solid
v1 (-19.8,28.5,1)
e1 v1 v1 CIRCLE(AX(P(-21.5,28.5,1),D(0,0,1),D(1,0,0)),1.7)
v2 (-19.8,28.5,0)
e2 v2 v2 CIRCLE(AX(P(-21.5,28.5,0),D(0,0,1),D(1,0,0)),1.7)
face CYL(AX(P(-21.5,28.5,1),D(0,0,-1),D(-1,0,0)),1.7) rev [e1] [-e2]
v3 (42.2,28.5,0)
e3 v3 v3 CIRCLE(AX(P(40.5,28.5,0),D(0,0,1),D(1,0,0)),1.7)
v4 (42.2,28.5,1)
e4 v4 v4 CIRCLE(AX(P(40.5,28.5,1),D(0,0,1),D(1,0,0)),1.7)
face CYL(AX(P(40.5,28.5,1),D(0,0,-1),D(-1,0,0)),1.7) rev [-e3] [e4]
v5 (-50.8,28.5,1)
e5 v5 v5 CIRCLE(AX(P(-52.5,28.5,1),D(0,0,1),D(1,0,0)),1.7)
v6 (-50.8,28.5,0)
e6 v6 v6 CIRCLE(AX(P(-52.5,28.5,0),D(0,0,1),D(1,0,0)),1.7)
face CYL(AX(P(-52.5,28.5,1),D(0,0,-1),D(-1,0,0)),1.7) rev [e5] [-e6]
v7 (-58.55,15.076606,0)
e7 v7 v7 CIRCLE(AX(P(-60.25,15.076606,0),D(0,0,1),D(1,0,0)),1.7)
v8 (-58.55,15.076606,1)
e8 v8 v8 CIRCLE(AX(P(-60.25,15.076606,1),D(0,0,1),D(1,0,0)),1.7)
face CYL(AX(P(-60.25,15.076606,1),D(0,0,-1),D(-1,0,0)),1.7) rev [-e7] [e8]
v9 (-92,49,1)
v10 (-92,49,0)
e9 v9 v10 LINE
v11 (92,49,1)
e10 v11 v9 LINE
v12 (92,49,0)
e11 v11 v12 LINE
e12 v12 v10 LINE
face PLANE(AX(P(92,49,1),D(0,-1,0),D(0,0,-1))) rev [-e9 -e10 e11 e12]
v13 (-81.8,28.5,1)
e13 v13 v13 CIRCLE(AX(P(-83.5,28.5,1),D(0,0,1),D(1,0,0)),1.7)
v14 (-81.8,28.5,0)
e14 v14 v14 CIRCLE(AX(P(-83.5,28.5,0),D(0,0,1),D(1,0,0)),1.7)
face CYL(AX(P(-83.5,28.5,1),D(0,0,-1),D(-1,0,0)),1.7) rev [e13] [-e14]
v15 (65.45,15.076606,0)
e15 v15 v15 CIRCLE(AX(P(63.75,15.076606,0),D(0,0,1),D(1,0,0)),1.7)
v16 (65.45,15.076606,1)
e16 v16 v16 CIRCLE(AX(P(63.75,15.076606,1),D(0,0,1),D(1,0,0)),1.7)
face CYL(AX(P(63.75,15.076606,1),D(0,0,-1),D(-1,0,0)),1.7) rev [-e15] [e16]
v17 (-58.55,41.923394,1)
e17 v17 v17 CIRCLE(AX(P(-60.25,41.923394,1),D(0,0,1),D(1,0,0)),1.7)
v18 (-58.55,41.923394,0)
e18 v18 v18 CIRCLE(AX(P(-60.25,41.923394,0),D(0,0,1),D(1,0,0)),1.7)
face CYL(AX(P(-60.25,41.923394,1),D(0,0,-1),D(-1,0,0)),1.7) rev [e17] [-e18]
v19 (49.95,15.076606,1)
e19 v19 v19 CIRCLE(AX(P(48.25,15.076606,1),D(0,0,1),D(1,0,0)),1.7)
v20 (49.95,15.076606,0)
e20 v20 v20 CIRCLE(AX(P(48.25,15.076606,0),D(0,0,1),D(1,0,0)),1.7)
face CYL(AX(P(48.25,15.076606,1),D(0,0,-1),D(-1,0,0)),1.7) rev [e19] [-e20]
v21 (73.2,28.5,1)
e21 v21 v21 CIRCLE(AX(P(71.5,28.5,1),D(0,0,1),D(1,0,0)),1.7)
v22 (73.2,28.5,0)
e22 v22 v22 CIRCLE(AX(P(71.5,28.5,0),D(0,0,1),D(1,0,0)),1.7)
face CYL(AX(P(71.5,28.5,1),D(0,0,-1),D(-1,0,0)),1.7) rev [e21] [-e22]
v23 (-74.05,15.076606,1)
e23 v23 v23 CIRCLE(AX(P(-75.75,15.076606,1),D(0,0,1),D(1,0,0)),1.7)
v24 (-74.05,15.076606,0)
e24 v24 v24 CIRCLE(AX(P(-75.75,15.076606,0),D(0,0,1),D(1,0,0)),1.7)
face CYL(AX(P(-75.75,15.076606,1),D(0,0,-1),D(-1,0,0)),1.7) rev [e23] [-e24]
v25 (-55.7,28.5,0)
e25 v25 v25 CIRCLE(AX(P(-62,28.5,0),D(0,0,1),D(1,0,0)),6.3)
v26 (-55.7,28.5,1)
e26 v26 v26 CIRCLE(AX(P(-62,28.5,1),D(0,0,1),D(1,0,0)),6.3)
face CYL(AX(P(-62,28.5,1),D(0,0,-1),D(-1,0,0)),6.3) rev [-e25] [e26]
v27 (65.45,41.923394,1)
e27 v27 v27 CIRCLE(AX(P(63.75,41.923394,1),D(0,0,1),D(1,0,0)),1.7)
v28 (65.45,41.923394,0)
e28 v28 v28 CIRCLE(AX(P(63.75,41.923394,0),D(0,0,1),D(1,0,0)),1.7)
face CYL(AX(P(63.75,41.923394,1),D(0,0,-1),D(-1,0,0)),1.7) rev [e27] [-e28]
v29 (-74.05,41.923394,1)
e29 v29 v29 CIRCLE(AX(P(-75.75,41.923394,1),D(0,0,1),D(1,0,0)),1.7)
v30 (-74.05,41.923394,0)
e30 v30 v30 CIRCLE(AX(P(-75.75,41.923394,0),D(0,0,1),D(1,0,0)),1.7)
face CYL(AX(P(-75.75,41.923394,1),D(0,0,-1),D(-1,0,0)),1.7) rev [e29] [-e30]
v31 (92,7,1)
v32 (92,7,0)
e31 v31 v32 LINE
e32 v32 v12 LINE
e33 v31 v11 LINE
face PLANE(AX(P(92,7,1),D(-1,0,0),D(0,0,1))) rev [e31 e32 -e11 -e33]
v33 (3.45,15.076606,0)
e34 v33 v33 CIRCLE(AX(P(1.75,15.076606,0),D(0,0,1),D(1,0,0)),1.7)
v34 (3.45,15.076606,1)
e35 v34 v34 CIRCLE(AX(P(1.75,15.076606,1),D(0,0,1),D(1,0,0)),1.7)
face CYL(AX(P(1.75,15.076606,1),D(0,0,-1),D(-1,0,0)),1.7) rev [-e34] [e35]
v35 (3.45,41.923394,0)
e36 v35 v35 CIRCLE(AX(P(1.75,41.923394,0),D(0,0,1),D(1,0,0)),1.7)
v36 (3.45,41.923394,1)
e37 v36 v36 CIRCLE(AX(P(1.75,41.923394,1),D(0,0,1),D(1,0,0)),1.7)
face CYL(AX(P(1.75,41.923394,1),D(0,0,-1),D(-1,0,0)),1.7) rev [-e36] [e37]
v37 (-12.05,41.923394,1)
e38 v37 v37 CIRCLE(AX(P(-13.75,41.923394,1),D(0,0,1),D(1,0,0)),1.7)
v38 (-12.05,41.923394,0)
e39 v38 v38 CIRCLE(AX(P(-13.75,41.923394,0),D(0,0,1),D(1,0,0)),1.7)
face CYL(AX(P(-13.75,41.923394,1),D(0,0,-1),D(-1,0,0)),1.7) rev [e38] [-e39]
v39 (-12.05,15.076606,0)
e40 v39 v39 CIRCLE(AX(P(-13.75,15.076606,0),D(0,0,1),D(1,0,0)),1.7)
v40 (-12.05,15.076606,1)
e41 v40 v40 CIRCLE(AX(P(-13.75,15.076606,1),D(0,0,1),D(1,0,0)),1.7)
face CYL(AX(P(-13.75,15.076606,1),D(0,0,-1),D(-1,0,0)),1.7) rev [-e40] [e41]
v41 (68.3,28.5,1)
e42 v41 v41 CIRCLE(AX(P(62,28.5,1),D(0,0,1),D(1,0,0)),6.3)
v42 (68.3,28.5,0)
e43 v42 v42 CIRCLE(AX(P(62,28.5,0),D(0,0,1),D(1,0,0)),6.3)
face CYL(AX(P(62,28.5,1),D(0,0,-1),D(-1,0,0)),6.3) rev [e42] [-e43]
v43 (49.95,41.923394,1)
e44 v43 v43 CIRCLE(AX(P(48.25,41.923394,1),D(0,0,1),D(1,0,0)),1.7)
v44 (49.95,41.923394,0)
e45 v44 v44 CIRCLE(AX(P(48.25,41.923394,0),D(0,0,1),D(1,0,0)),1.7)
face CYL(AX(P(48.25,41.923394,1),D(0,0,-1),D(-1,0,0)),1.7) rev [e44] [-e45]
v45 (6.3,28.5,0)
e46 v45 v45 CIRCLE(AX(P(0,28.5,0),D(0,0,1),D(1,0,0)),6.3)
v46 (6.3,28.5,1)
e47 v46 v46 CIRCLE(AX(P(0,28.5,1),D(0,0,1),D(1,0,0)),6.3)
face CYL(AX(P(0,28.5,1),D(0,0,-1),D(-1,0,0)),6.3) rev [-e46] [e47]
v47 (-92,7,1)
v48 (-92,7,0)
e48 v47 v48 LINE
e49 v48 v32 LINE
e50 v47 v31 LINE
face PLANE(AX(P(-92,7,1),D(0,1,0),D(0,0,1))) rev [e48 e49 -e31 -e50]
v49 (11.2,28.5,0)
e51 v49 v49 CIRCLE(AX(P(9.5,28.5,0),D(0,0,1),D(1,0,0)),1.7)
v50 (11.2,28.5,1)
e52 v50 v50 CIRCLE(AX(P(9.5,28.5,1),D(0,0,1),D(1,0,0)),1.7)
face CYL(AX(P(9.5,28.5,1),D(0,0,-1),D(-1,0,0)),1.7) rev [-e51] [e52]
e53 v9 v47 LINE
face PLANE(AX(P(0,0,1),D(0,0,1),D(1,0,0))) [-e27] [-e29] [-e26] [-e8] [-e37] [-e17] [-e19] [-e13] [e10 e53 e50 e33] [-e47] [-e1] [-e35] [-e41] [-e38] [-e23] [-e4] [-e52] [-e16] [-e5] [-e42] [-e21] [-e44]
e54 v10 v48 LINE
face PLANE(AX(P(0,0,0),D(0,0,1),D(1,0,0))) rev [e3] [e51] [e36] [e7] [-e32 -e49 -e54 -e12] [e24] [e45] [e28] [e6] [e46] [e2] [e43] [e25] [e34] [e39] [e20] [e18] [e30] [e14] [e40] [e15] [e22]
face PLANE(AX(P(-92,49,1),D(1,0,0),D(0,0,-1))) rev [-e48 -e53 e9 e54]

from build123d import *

# Parameters (mm, degrees)
BOSS_BORES_AND_POSITIVE_GEARBOX_MOUN_2_W       = 184
BOSS_BORES_AND_POSITIVE_GEARBOX_MOUN_2_H       = 42
BOSS_BORES_AND_POSITIVE_GEARBOX_MOUN_2_R       = 6.3
BOSS_BORES_AND_POSITIVE_GEARBOX_MOUN_2_R_2     = 1.7
BOSS_BORES_AND_POSITIVE_GEARBOX_MOUNTING_DEPTH = 1


with BuildPart() as part:
    # Boss bores and positive gearbox moun 2 → Boss bores and positive gearbox mounting (new body)
    with BuildSketch(Plane.XY):
        with Locations((0, 28)):
            Rectangle(BOSS_BORES_AND_POSITIVE_GEARBOX_MOUN_2_W, BOSS_BORES_AND_POSITIVE_GEARBOX_MOUN_2_H)
        with Locations((-62, 28.5)):
            Circle(BOSS_BORES_AND_POSITIVE_GEARBOX_MOUN_2_R, mode=Mode.SUBTRACT)
        with Locations((0, 28.5)):
            Circle(BOSS_BORES_AND_POSITIVE_GEARBOX_MOUN_2_R, mode=Mode.SUBTRACT)
        with Locations((62, 28.5)):
            Circle(BOSS_BORES_AND_POSITIVE_GEARBOX_MOUN_2_R, mode=Mode.SUBTRACT)
        with Locations((-52.5, 28.5)):
            Circle(BOSS_BORES_AND_POSITIVE_GEARBOX_MOUN_2_R_2, mode=Mode.SUBTRACT)
        with Locations((-60.25, 41.923393759)):
            Circle(BOSS_BORES_AND_POSITIVE_GEARBOX_MOUN_2_R_2, mode=Mode.SUBTRACT)
        with Locations((-75.75, 41.923393759)):
            Circle(BOSS_BORES_AND_POSITIVE_GEARBOX_MOUN_2_R_2, mode=Mode.SUBTRACT)
        with Locations((-83.5, 28.5)):
            Circle(BOSS_BORES_AND_POSITIVE_GEARBOX_MOUN_2_R_2, mode=Mode.SUBTRACT)
        with Locations((-75.75, 15.076606241)):
            Circle(BOSS_BORES_AND_POSITIVE_GEARBOX_MOUN_2_R_2, mode=Mode.SUBTRACT)
        with Locations((-60.25, 15.076606241)):
            Circle(BOSS_BORES_AND_POSITIVE_GEARBOX_MOUN_2_R_2, mode=Mode.SUBTRACT)
        with Locations((9.5, 28.5)):
            Circle(BOSS_BORES_AND_POSITIVE_GEARBOX_MOUN_2_R_2, mode=Mode.SUBTRACT)
        with Locations((1.75, 41.923393759)):
            Circle(BOSS_BORES_AND_POSITIVE_GEARBOX_MOUN_2_R_2, mode=Mode.SUBTRACT)
        with Locations((-13.75, 41.923393759)):
            Circle(BOSS_BORES_AND_POSITIVE_GEARBOX_MOUN_2_R_2, mode=Mode.SUBTRACT)
        with Locations((-21.5, 28.5)):
            Circle(BOSS_BORES_AND_POSITIVE_GEARBOX_MOUN_2_R_2, mode=Mode.SUBTRACT)
        with Locations((-13.75, 15.076606241)):
            Circle(BOSS_BORES_AND_POSITIVE_GEARBOX_MOUN_2_R_2, mode=Mode.SUBTRACT)
        with Locations((1.75, 15.076606241)):
            Circle(BOSS_BORES_AND_POSITIVE_GEARBOX_MOUN_2_R_2, mode=Mode.SUBTRACT)
        with Locations((71.5, 28.5)):
            Circle(BOSS_BORES_AND_POSITIVE_GEARBOX_MOUN_2_R_2, mode=Mode.SUBTRACT)
        with Locations((63.75, 41.923393759)):
            Circle(BOSS_BORES_AND_POSITIVE_GEARBOX_MOUN_2_R_2, mode=Mode.SUBTRACT)
        with Locations((48.25, 41.923393759)):
            Circle(BOSS_BORES_AND_POSITIVE_GEARBOX_MOUN_2_R_2, mode=Mode.SUBTRACT)
        with Locations((40.5, 28.5)):
            Circle(BOSS_BORES_AND_POSITIVE_GEARBOX_MOUN_2_R_2, mode=Mode.SUBTRACT)
        with Locations((48.25, 15.076606241)):
            Circle(BOSS_BORES_AND_POSITIVE_GEARBOX_MOUN_2_R_2, mode=Mode.SUBTRACT)
        with Locations((63.75, 15.076606241)):
            Circle(BOSS_BORES_AND_POSITIVE_GEARBOX_MOUN_2_R_2, mode=Mode.SUBTRACT)
    extrude(amount=BOSS_BORES_AND_POSITIVE_GEARBOX_MOUNTING_DEPTH)


solid = part.part
